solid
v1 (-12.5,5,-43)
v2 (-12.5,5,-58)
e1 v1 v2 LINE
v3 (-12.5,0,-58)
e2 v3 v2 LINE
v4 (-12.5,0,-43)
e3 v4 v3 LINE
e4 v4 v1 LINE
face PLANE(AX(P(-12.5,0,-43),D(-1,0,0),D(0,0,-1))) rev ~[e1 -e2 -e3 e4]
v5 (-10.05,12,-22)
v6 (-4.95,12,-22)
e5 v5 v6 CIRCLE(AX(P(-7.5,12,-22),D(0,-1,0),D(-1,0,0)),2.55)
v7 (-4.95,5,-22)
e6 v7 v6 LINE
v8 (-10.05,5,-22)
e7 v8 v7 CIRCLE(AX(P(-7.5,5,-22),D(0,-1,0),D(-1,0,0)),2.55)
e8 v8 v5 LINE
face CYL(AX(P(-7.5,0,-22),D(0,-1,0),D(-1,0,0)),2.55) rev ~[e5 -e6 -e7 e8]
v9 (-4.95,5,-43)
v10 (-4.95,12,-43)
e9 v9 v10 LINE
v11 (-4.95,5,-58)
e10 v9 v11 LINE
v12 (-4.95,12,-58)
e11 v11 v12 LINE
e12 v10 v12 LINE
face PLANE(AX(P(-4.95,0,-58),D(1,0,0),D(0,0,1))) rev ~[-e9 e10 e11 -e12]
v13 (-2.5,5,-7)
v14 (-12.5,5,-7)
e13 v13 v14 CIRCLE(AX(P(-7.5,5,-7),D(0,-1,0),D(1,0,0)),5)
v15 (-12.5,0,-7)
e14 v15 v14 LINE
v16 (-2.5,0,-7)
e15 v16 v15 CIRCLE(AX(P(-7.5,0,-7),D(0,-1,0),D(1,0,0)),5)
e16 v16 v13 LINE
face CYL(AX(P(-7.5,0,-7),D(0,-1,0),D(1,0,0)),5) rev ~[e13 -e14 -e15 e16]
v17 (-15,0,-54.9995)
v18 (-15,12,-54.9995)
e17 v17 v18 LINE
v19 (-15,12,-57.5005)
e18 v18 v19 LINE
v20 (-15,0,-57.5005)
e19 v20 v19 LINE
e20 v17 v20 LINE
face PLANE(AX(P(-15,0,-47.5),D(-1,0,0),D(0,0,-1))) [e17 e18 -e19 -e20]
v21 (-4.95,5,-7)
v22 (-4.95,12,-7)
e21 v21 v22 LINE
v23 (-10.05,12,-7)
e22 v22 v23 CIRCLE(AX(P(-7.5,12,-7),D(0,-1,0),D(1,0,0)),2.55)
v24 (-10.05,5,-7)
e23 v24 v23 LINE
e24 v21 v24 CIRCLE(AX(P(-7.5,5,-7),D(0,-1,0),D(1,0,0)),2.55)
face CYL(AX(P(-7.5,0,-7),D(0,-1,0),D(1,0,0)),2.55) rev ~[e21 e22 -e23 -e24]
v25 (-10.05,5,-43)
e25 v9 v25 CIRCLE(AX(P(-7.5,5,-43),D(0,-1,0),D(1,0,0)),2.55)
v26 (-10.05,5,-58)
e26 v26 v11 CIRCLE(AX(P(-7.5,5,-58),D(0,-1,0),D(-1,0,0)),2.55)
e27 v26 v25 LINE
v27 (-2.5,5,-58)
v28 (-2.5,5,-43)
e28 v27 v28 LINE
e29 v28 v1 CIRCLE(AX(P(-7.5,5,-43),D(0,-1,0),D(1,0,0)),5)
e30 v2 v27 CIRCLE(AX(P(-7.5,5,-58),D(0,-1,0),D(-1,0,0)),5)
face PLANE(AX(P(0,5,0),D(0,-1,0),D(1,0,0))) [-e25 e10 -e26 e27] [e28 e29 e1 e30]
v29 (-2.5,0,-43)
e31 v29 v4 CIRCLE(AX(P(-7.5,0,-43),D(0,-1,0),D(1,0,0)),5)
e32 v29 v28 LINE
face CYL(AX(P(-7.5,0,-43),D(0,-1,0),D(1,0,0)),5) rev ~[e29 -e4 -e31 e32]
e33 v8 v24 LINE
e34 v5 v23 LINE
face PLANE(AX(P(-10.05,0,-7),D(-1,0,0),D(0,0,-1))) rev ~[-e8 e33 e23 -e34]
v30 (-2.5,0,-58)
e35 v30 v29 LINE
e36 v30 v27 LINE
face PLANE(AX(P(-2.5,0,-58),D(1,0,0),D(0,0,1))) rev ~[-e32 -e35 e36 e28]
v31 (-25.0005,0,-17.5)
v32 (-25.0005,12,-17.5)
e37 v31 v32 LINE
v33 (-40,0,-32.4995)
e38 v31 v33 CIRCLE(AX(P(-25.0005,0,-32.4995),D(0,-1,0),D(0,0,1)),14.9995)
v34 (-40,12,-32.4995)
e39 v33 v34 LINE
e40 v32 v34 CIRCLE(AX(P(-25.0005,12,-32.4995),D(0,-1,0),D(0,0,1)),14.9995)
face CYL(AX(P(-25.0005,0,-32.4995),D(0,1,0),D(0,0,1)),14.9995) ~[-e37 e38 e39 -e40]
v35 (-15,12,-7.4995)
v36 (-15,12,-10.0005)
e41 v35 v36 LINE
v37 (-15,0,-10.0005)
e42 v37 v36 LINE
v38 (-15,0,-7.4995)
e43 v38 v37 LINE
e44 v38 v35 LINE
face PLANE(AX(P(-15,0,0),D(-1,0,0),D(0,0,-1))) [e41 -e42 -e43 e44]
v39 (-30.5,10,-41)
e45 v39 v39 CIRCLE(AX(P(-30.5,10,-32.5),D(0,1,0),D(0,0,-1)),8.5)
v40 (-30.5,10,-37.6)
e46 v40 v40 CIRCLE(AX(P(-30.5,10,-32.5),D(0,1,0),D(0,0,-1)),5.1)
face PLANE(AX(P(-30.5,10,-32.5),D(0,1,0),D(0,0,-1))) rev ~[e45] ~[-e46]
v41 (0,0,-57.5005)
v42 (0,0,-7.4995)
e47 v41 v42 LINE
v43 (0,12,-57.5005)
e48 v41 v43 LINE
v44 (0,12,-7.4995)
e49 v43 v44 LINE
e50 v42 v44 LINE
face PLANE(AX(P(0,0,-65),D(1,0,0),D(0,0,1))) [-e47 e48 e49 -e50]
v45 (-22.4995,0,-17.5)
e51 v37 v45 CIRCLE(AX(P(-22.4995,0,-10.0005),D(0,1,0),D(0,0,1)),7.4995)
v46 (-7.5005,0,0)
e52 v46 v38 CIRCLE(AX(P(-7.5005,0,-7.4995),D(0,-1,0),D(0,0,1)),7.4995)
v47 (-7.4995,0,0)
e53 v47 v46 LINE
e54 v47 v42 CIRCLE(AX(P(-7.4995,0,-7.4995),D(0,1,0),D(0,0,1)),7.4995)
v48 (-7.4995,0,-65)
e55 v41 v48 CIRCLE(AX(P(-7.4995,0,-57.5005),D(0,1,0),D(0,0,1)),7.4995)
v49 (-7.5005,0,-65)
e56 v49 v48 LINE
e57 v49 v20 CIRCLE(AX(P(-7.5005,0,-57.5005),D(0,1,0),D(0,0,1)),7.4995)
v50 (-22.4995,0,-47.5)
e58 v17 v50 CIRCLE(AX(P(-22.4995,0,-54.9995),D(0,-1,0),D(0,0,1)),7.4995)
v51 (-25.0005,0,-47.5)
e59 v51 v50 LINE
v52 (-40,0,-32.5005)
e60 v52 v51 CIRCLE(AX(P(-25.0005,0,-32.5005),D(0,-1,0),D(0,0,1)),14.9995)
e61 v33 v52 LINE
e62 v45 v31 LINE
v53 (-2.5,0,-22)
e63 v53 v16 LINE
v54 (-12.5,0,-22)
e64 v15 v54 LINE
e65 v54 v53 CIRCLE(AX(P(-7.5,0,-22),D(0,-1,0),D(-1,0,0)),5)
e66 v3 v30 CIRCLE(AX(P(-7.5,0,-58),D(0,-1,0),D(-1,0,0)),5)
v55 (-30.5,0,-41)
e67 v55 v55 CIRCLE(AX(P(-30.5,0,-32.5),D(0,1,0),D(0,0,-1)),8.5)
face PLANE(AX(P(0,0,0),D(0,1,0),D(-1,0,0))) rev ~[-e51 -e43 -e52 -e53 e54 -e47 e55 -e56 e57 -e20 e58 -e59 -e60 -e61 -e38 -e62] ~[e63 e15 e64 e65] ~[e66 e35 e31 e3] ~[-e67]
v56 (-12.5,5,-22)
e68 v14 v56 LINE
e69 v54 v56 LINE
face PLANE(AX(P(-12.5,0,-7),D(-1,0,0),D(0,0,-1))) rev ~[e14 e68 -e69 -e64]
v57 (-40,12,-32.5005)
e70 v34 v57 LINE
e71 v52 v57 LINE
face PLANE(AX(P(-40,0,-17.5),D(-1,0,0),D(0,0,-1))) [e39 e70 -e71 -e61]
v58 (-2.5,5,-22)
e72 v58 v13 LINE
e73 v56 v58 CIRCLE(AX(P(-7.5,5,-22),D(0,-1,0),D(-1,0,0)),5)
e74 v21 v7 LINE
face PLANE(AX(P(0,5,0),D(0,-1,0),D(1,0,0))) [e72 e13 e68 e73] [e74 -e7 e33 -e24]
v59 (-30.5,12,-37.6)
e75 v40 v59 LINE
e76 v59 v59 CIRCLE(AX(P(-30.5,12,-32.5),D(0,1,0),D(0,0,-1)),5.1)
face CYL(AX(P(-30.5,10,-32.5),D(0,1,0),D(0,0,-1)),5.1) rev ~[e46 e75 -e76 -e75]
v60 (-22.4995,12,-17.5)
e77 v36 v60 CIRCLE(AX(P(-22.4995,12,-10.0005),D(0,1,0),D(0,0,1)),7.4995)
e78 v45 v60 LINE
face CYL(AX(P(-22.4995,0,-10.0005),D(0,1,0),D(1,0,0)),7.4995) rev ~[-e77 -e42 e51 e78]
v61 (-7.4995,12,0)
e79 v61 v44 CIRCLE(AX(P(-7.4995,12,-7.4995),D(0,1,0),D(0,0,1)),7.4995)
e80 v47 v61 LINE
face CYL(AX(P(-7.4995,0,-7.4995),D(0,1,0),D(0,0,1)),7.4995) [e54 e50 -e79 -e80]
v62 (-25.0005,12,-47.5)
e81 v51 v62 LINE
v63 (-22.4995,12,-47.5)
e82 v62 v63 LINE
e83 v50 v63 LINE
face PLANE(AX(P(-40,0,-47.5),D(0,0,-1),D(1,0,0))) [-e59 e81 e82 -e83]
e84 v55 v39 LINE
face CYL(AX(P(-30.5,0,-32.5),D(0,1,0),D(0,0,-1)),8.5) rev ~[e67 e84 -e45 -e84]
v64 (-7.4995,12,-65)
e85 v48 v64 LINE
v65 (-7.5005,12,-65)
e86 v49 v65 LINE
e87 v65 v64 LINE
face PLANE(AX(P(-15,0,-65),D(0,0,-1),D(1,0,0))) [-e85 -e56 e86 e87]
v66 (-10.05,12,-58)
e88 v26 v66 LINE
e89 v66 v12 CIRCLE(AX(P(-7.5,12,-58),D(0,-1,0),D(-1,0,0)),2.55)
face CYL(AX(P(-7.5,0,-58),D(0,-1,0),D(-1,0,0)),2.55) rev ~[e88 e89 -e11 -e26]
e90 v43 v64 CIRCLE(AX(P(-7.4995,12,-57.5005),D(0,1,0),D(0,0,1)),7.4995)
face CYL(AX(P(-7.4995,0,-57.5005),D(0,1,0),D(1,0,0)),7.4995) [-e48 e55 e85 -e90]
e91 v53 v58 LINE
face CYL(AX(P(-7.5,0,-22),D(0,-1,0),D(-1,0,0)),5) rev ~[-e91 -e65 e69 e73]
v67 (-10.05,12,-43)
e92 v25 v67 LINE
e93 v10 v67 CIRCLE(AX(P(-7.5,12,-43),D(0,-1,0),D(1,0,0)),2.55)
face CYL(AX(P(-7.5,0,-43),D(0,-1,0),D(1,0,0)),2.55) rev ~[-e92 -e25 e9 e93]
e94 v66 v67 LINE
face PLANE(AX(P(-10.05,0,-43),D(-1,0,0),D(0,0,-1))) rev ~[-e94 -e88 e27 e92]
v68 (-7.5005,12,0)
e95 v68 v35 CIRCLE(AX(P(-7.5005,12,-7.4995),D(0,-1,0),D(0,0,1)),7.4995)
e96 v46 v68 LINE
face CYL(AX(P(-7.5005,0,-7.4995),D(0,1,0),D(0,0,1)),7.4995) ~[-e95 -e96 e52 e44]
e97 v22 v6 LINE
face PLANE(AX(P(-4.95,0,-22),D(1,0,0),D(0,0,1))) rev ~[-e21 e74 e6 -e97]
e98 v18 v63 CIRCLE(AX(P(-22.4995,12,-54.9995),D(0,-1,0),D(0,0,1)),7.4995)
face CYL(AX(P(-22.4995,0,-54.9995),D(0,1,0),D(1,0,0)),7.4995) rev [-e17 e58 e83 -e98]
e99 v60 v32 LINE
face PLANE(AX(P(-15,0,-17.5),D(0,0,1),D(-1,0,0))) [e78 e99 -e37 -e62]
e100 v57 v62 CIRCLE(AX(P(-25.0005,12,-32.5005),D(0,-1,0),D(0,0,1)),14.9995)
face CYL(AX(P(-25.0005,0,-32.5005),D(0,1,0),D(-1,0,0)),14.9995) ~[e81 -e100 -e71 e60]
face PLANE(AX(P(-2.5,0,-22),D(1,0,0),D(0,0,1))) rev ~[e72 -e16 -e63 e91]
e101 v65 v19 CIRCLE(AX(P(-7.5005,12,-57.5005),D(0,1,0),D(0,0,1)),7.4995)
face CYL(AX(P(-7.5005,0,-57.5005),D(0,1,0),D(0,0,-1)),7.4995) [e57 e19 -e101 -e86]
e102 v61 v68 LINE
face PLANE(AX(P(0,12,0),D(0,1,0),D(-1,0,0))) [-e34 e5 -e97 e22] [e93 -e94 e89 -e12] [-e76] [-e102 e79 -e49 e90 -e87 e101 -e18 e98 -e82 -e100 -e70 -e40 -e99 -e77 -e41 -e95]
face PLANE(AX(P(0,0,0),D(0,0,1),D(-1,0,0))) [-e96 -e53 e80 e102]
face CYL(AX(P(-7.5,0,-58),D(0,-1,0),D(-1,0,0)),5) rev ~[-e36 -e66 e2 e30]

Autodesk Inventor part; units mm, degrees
ref_plane "YZ Plane" through (0, 0, 0) normal (1, 0, 0) x (0, 1, 0)
ref_plane "XZ Plane" through (0, 0, 0) normal (0, 1, 0) x (-1, 0, 0)
ref_plane "XY Plane" through (0, 0, 0) normal (0, 0, 1) x (1, 0, 0)
sketch "Skizze1" plane through (0, 0, 0) normal (0, 1, 0) x (-1, 0, 0)
  line L0 (0, 0) -> (15, 0)
  line L1 (15, 0) -> (15, -17.5)
  line L2 (15, -17.5) -> (40, -17.5)
  line L3 (40, -17.5) -> (40, -47.5)
  line L4 (40, -47.5) -> (15, -47.5)
  line L5 (15, -47.5) -> (15, -65)
  line L6 (15, -65) -> (0, -65)
  line L7 (0, -65) -> (0, 0)
  dimension "d0" = 65
  dimension "d1" = 30
  dimension "d2" = 15
  dimension "d3" = 40
  dimension "d6" = 25
extrude "Extrusion3" add sketch "Skizze1" along normal blind 12
sketch "Skizze5" plane through (0, 0, 0) normal (0, -1, 0) x (1, 0, 0)
  line L0 (-7.5, -58) -> (-7.5, -43) construction
  line L1 (-4.95, -58) -> (-4.95, -43)
  line L2 (-10.05, -43) -> (-10.05, -58)
  arc A0 (-10.05, -58) -> (-4.95, -58) centre (-7.5, -58) ccw
  arc A1 (-4.95, -43) -> (-10.05, -43) centre (-7.5, -43) ccw
  line L3 (-7.5, -22) -> (-7.5, -7) construction
  line L4 (-4.95, -22) -> (-4.95, -7)
  line L5 (-10.05, -7) -> (-10.05, -22)
  arc A2 (-10.05, -22) -> (-4.95, -22) centre (-7.5, -22) ccw
  arc A3 (-4.95, -7) -> (-10.05, -7) centre (-7.5, -7) ccw
  line L6 (0, -65) -> (-15, -65) projected
  line L7 (-15, 0) -> (0, 0) projected
  line L8 (-15, -65) -> (-15, -47.5) projected
  line L9 (0, 0) -> (0, -65) projected
  point P0 (-7.5, -50.5)
  point P1 (-7.5, -14.5)
  dimension "d52" = 5.1
  dimension "d53" = 5.1
  dimension "d54" = 15
  dimension "d55" = 15
  dimension "d56" = 7
  dimension "d58" = 7
  dimension "d59" = 15
  dimension "d60" = 7.5
  dimension "d76" = 36
extrude "Extrusion5" cut sketch "Skizze5" against normal through all
sketch "Skizze6" plane through (0, 0, 0) normal (0, -1, 0) x (1, 0, 0)
  line L0 (-7.5, -58) -> (-7.5, -43) construction
  line L1 (-2.5, -58) -> (-2.5, -43)
  line L2 (-12.5, -43) -> (-12.5, -58)
  arc A0 (-12.5, -58) -> (-2.5, -58) centre (-7.5, -58) ccw
  arc A1 (-2.5, -43) -> (-12.5, -43) centre (-7.5, -43) ccw
  line L3 (-7.5, -22) -> (-7.5, -7) construction
  line L4 (-2.5, -22) -> (-2.5, -7)
  line L5 (-12.5, -7) -> (-12.5, -22)
  arc A2 (-12.5, -22) -> (-2.5, -22) centre (-7.5, -22) ccw
  arc A3 (-2.5, -7) -> (-12.5, -7) centre (-7.5, -7) ccw
  line L6 (-15, 0) -> (0, 0) projected
  line L7 (0, 0) -> (0, -65) projected
  point P0 (-7.5, -50.5)
  point P1 (-7.5, -14.5)
  dimension "d63" = 10
  dimension "d64" = 10
  dimension "d65" = 15
  dimension "d66" = 15
  dimension "d67" = 7
  dimension "d68" = 7.5
  dimension "d69" = 7.5
  dimension "d70" = 7
extrude "Extrusion6" cut sketch "Skizze6" against normal blind 5
fillet "Rundung4" radius 7.5 6 edges at (-15, 6, -65) (0, 6, -65) (0, 6, 0) (-15, 6, 0) (-15, 6, -17.5) (-15, 6, -47.5)
fillet "Rundung5" radius 15 2 edges at (-40, 6, -47.5) (-40, 6, -17.5)
sketch "Skizze7" plane through (0, 0, 0) normal (0, -1, 0) x (1, 0, 0)
  circle A0 centre (-30.5, -32.5) radius 3.7991
  point P0 (0, 0)
  dimension "d77" = 32.5
  dimension "d78" = 30.5
hole "Bohrung1" at (-30.5, 0, -32.5) direction (0, 1, 0) diameter 10.2 end through all counterbore diameter 17 counterbore depth 10
properties part number "Lampenhalterung1,0"
